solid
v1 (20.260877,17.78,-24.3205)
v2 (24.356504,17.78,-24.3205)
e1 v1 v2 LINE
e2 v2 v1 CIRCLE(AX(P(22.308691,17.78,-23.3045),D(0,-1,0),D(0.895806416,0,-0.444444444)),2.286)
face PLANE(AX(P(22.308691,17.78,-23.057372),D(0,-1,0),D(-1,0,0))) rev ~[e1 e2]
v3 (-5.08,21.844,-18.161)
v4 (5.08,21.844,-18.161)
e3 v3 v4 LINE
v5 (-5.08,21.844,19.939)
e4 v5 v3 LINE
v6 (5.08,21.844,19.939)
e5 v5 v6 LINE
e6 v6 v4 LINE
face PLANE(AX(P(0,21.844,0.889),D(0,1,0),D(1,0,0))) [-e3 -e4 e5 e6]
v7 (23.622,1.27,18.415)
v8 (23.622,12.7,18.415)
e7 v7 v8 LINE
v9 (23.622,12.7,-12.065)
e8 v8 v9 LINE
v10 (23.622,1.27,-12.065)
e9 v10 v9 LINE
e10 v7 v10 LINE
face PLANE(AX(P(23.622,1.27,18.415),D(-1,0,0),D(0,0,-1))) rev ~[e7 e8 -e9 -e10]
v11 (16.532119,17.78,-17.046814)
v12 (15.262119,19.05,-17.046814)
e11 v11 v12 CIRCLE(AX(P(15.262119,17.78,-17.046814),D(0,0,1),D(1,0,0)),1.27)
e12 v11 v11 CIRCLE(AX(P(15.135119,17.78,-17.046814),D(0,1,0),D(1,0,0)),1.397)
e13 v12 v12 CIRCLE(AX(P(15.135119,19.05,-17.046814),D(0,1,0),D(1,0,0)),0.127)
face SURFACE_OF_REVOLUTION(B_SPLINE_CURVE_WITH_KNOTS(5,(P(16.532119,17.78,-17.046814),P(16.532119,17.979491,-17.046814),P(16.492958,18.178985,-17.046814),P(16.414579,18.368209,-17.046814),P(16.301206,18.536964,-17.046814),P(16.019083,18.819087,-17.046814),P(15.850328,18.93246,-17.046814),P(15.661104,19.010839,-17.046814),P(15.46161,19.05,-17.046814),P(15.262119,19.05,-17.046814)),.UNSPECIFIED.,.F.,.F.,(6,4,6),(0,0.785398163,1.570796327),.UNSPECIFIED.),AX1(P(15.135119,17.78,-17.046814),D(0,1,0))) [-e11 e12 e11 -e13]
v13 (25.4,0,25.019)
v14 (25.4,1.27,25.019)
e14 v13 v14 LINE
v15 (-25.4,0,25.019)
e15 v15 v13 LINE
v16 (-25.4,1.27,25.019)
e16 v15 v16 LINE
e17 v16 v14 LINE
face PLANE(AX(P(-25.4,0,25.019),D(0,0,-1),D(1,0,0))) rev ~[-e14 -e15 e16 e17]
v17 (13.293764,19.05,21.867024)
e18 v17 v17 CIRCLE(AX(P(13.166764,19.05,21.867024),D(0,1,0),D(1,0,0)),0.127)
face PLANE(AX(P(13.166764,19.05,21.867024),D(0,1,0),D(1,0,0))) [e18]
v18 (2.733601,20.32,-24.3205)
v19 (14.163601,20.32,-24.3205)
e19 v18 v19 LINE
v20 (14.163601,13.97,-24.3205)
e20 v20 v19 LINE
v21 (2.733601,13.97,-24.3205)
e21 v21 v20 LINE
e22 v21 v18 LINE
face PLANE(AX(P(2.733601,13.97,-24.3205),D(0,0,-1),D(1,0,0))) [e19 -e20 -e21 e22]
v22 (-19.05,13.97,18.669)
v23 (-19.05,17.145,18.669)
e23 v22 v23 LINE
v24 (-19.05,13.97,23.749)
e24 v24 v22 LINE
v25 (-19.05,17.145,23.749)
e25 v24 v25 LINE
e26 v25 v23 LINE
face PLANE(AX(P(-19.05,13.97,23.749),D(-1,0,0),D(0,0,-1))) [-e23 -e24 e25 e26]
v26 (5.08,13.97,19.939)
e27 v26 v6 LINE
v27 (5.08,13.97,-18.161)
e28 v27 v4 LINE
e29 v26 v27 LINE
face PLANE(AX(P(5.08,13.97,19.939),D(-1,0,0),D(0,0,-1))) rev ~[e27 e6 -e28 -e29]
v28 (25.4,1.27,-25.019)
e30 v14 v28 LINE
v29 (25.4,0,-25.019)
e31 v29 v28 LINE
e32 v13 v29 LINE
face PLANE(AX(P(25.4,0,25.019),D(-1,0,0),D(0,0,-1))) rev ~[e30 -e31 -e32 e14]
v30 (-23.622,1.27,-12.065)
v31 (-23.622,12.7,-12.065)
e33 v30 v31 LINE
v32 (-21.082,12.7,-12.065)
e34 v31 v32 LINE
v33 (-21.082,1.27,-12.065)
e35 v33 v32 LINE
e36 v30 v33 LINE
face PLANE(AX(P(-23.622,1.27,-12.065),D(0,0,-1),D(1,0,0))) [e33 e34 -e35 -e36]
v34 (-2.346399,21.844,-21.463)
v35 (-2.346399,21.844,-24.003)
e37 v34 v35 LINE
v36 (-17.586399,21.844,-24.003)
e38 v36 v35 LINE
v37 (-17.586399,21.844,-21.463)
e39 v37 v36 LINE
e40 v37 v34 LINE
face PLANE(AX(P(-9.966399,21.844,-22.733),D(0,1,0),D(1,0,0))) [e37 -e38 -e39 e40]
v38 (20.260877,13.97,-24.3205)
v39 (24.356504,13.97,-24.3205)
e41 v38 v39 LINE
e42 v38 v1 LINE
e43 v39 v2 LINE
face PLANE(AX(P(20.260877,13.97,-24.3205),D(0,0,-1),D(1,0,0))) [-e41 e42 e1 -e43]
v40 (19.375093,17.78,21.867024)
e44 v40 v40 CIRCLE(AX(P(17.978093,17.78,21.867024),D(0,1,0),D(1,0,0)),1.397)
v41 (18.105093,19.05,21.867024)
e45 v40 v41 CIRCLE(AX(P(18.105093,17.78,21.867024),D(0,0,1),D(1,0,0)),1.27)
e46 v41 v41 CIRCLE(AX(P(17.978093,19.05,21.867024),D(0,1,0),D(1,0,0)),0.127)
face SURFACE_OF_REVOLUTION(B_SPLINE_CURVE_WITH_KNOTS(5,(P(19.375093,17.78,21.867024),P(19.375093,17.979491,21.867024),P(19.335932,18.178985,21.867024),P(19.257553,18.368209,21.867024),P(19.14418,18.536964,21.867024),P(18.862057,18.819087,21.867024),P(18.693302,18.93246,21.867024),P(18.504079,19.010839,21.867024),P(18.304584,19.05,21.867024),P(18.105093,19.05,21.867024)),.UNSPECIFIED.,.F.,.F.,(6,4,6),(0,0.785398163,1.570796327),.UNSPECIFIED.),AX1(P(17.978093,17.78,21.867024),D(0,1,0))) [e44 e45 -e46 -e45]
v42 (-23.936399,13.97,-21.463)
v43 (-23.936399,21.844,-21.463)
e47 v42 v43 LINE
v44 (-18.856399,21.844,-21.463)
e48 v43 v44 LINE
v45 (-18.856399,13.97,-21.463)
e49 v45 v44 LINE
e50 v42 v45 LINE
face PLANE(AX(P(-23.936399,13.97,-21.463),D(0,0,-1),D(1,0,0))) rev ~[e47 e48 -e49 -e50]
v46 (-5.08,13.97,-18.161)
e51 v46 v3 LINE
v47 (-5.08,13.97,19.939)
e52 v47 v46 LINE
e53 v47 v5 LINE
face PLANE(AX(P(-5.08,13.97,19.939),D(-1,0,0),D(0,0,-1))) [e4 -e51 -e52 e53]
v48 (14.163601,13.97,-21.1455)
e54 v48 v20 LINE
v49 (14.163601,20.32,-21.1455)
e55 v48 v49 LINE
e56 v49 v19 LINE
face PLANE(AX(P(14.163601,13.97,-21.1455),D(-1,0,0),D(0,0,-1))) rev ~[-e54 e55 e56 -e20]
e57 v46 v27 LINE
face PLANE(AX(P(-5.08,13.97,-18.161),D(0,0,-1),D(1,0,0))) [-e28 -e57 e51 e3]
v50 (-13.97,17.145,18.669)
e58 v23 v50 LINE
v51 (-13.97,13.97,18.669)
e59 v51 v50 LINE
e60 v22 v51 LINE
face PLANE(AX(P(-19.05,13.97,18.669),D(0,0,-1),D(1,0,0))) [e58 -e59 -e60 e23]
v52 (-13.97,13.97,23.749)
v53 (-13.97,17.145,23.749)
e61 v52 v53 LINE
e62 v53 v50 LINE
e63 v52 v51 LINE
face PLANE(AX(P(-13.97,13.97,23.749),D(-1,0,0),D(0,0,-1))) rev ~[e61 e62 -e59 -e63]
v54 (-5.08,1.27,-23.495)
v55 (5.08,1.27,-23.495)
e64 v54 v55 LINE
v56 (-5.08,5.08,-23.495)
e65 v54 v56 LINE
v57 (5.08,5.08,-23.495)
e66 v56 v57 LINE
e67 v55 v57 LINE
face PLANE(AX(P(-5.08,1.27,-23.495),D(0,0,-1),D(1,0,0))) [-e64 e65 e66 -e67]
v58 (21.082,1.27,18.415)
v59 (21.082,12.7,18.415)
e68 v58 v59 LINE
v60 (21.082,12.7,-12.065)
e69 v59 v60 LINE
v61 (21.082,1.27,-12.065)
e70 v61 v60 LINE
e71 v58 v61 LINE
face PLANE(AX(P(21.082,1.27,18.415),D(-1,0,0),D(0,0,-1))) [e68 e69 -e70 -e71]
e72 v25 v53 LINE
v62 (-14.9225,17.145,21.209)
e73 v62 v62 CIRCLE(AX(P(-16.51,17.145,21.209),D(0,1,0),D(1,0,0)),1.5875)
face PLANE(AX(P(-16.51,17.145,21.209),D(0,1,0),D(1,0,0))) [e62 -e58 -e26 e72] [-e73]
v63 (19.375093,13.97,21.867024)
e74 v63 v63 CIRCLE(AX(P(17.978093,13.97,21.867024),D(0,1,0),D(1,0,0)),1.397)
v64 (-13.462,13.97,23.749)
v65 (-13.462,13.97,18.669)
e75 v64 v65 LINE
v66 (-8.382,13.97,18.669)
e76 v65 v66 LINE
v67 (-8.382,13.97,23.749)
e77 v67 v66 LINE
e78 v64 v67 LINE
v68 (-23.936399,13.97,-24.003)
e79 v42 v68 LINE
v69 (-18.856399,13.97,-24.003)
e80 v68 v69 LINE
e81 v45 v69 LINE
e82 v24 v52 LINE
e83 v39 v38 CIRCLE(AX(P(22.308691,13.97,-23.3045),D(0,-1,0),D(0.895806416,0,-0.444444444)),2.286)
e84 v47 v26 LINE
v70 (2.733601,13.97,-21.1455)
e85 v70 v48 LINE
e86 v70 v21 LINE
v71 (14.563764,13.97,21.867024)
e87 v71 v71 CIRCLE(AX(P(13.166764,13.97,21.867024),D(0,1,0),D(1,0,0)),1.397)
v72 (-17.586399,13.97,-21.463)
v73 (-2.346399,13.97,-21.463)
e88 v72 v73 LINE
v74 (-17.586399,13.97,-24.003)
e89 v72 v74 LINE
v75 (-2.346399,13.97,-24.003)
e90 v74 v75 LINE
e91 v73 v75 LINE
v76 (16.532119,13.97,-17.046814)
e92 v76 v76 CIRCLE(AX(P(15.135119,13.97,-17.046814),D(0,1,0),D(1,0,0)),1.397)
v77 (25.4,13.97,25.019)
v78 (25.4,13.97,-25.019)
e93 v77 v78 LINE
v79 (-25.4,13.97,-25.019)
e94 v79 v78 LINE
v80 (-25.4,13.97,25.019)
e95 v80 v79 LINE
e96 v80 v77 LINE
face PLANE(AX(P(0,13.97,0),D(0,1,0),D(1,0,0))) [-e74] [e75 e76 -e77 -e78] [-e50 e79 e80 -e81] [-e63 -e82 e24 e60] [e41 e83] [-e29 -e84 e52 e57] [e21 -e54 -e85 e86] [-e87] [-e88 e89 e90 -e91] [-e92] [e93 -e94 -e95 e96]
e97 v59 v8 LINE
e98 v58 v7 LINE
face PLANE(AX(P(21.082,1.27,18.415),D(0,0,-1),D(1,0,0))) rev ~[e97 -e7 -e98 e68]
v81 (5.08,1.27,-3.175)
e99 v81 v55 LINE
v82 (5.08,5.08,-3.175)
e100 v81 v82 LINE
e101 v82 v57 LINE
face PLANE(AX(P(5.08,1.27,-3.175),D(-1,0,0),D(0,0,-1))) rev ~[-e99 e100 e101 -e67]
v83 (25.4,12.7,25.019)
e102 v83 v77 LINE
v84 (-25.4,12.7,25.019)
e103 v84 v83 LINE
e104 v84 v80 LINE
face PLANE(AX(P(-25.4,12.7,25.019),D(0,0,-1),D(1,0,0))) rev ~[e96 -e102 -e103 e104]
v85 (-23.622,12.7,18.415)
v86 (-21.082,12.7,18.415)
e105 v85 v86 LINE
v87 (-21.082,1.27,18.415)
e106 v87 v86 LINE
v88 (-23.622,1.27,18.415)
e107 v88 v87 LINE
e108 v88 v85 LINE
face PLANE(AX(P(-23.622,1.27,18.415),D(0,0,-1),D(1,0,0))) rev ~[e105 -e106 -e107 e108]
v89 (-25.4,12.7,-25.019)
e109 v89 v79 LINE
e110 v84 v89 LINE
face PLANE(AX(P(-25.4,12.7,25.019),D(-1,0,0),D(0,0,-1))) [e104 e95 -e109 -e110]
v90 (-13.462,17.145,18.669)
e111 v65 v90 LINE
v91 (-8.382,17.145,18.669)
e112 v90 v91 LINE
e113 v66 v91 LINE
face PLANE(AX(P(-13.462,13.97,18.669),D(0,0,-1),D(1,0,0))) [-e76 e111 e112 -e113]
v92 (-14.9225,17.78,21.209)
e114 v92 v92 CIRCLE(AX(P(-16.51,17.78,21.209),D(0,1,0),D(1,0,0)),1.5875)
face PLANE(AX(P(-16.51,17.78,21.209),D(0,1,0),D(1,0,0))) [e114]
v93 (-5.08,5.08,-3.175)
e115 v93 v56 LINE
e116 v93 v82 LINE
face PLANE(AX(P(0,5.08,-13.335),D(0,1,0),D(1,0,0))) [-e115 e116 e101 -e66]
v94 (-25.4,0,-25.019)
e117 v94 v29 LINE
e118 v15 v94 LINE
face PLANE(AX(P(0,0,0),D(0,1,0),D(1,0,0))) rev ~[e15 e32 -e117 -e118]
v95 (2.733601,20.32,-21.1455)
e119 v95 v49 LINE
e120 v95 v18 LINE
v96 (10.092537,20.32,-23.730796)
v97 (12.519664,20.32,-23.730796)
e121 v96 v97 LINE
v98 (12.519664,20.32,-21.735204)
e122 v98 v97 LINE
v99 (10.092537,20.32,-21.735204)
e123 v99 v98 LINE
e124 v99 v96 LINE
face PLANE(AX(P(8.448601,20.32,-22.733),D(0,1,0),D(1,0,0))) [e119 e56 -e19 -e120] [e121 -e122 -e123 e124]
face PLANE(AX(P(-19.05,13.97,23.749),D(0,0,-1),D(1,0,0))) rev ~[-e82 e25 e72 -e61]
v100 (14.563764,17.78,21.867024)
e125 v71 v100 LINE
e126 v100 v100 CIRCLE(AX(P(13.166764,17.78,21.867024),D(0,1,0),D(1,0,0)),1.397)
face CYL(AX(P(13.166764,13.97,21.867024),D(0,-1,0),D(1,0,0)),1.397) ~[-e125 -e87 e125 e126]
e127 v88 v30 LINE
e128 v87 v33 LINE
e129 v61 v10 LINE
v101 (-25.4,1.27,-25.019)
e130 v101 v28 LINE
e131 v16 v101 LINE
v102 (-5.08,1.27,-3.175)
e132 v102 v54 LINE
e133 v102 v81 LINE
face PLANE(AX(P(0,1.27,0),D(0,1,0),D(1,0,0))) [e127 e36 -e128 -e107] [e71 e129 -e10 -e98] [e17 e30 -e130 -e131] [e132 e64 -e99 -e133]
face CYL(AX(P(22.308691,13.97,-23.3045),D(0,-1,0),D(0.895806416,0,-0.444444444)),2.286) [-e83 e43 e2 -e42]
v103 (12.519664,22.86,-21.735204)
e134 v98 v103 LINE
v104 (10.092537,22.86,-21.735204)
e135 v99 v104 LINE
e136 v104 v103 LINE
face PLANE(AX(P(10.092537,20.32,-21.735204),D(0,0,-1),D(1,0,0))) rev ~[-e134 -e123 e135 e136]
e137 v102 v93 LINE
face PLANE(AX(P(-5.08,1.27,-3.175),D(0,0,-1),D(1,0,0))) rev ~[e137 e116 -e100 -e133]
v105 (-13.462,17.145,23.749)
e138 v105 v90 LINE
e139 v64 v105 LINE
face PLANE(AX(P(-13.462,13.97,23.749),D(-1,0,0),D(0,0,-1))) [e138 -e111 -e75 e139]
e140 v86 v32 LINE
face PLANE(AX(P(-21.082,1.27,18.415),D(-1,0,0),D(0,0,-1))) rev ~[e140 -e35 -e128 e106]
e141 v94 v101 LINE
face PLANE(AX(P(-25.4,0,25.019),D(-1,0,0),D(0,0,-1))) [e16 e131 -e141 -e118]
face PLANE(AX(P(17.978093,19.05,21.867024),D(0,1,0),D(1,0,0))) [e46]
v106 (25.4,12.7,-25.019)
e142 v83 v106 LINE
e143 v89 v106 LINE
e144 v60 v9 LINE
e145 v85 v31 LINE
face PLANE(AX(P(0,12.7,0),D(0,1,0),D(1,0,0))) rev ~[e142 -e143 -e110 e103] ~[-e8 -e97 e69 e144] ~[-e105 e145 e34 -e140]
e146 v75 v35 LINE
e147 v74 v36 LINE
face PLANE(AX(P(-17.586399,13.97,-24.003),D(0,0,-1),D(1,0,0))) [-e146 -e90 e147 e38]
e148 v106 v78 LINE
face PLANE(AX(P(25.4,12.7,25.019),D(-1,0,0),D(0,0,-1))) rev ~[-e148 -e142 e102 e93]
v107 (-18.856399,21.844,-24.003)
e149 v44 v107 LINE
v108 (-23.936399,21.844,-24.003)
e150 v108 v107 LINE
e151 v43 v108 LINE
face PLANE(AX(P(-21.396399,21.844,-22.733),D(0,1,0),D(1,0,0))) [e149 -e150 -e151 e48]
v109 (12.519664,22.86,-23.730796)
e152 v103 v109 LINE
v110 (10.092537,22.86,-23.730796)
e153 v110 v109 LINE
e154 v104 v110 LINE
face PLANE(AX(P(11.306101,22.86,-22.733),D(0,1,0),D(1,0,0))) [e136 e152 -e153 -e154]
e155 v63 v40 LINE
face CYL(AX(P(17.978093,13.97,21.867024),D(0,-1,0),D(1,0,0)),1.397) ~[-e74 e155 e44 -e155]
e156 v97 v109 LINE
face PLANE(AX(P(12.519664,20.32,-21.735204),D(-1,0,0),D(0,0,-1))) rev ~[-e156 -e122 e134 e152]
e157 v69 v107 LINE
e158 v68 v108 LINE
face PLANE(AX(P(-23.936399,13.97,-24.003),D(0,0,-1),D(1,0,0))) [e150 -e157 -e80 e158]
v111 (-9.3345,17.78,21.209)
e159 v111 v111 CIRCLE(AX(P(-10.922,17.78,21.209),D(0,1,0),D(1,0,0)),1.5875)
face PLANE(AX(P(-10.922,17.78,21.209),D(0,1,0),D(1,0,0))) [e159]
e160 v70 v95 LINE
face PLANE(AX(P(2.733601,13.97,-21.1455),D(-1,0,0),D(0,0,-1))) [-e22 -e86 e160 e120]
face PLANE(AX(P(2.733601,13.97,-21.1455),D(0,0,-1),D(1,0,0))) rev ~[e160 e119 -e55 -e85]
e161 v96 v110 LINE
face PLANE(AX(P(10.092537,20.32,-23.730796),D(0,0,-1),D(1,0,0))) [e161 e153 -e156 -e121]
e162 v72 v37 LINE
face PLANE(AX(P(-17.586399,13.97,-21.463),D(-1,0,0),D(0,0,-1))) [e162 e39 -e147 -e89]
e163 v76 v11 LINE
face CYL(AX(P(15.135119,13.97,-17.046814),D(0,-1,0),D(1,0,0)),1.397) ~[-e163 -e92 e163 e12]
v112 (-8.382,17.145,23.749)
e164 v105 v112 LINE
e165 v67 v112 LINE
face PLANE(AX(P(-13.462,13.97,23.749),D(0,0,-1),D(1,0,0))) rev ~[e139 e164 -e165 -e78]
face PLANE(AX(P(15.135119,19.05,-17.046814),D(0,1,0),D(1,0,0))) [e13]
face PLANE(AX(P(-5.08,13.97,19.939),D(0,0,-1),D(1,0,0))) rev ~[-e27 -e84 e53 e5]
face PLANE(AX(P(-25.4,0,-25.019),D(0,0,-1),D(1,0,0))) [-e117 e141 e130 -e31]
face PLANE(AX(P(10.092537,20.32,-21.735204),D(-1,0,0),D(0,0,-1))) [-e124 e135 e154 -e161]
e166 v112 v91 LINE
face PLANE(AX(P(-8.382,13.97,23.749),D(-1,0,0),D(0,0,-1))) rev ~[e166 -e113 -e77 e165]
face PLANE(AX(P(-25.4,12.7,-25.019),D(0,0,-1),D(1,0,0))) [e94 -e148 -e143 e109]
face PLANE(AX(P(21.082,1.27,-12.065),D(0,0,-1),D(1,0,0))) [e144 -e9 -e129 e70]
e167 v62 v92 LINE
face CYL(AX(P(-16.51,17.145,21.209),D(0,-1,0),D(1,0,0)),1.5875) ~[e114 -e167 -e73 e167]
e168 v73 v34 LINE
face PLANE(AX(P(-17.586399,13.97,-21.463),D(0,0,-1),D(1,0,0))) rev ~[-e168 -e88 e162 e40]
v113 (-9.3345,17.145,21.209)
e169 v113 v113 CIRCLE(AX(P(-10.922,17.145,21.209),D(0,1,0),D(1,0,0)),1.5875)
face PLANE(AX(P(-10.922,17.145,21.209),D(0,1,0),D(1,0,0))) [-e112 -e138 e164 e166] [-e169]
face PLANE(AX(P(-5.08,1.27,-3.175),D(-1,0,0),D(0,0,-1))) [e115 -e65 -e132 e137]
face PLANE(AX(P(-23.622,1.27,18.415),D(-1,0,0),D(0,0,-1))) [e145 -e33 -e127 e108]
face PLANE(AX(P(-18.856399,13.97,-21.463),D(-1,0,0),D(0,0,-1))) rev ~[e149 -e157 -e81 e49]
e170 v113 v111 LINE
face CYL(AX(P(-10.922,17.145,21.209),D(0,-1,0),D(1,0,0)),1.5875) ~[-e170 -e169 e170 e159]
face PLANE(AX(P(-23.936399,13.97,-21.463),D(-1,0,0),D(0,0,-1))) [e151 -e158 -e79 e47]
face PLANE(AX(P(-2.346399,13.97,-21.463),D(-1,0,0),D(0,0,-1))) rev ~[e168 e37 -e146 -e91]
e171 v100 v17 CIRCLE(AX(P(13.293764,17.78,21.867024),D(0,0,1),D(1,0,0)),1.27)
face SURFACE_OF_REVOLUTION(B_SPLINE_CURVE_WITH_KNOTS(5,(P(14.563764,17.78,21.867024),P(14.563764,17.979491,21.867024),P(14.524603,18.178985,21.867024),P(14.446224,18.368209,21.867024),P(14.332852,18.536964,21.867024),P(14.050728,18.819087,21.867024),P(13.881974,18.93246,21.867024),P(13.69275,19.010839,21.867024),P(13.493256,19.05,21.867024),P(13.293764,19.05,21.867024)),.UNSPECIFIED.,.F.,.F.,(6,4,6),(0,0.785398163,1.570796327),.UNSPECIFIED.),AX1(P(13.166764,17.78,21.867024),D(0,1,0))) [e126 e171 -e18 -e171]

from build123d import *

# Parameters (mm, degrees)
SKETCH1_W            = 50.8
SKETCH1_H            = 50.038
BOSS_EXTRUDE1_DEPTH  = 1.27
SKETCH2_W            = 2.54
SKETCH2_H            = 30.48
BOSS_EXTRUDE2_DEPTH  = 11.43
SKETCH3_W            = 10.16
SKETCH3_H            = 20.32
BOSS_EXTRUDE3_DEPTH  = 3.81
SKETCH4_W            = 50.8
SKETCH4_H            = 50.038
BOSS_EXTRUDE4_DEPTH  = 1.27
SKETCH5_W            = 10.16
SKETCH5_H            = 38.1
SKETCH5_W_2          = 5.08
SKETCH5_H_2          = 2.54
SKETCH5_W_3          = 15.24
BOSS_EXTRUDE5_DEPTH  = 7.874
SKETCH5_3_W          = 5.08
SKETCH5_3_H          = 5.08
BOSS_EXTRUDE6_DEPTH  = 3.175
SKETCH5_4_R          = 1.397
BOSS_EXTRUDE7_DEPTH  = 5.08
SKETCH5_5_W          = 11.43
SKETCH5_5_H          = 3.175
BOSS_EXTRUDE8_DEPTH  = 6.35
BOSS_EXTRUDE9_DEPTH  = 3.81
FILLET1_R            = 1.27
SKETCH8_R            = 1.5875
BOSS_EXTRUDE10_DEPTH = 0.635
SKETCH9_W            = 2.427127008
SKETCH9_H            = 1.995592696
BOSS_EXTRUDE11_DEPTH = 2.54


with BuildPart() as part:
    # Sketch1 → Boss-Extrude1 (new body)
    with BuildSketch(Plane(origin=(0, 0, 0), x_dir=(1, 0, 0), z_dir=(0, 1, 0))):
        Rectangle(SKETCH1_W, SKETCH1_H)
    extrude(amount=BOSS_EXTRUDE1_DEPTH)

    # Sketch2 → Boss-Extrude2 (add)
    with BuildSketch(Plane(origin=(0, 1.27, 0), x_dir=(1, 0, 0), z_dir=(0, 1, 0))):
        with Locations((-22.352, -3.175)):
            Rectangle(SKETCH2_W, SKETCH2_H)
        with Locations((22.352, -3.175)):
            Rectangle(SKETCH2_W, SKETCH2_H)
    extrude(amount=BOSS_EXTRUDE2_DEPTH)

    # Sketch3 → Boss-Extrude3 (add)
    with BuildSketch(Plane(origin=(0, 1.27, 0), x_dir=(1, 0, 0), z_dir=(0, 1, 0))):
        with Locations((0, 13.335)):
            Rectangle(SKETCH3_W, SKETCH3_H)
    extrude(amount=BOSS_EXTRUDE3_DEPTH)

    # Sketch4 → Boss-Extrude4 (add)
    with BuildSketch(Plane(origin=(0, 12.7, 0), x_dir=(1, 0, 0), z_dir=(0, 1, 0))):
        Rectangle(SKETCH4_W, SKETCH4_H)
    extrude(amount=BOSS_EXTRUDE4_DEPTH)

    # Sketch5 → Boss-Extrude5 (add)
    with BuildSketch(Plane(origin=(0, 13.97, 0), x_dir=(1, 0, 0), z_dir=(0, 1, 0))):
        with Locations((0, -0.889)):
            Rectangle(SKETCH5_W, SKETCH5_H)
        with Locations((-21.396399328, 22.733)):
            Rectangle(SKETCH5_W_2, SKETCH5_H_2)
        with Locations((-9.966399328, 22.733)):
            Rectangle(SKETCH5_W_3, SKETCH5_H_2)
    extrude(amount=BOSS_EXTRUDE5_DEPTH)

    # Sketch5<3> → Boss-Extrude6 (add)
    with BuildSketch(Plane(origin=(0, 13.97, 0), x_dir=(1, 0, 0), z_dir=(0, 1, 0))):
        with Locations((-10.922, -21.209)):
            Rectangle(SKETCH5_3_W, SKETCH5_3_H)
        with Locations((-16.51, -21.209)):
            Rectangle(SKETCH5_3_W, SKETCH5_3_H)
    extrude(amount=BOSS_EXTRUDE6_DEPTH)

    # Sketch5<4> → Boss-Extrude7 (add)
    with BuildSketch(Plane(origin=(0, 13.97, 0), x_dir=(1, 0, 0), z_dir=(0, 1, 0))):
        with Locations((13.16676441, -21.867024383)):
            Circle(SKETCH5_4_R)
        with Locations((17.978093258, -21.867024383)):
            Circle(SKETCH5_4_R)
        with Locations((15.135118943, 17.046813881)):
            Circle(SKETCH5_4_R)
    extrude(amount=BOSS_EXTRUDE7_DEPTH)

    # Sketch5<5> → Boss-Extrude8 (add)
    with BuildSketch(Plane(origin=(0, 13.97, 0), x_dir=(1, 0, 0), z_dir=(0, 1, 0))):
        with Locations((8.448600672, 22.733)):
            Rectangle(SKETCH5_5_W, SKETCH5_5_H)
    extrude(amount=BOSS_EXTRUDE8_DEPTH)

    # Sketch5<6> → Boss-Extrude9 (add)
    with BuildSketch(Plane(origin=(0, 13.97, 0), x_dir=(1, 0, 0), z_dir=(0, 1, 0))):
        with BuildLine():
            Line((20.260877265, 24.3205), (24.356504201, 24.3205))
            ThreePointArc((24.356504201, 24.3205), (22.308690733, 21.0185), (20.260877265, 24.3205))
        make_face()
    extrude(amount=BOSS_EXTRUDE9_DEPTH)

    # Fillet1
    fillet1_edges = [part.edges().sort_by_distance(p)[0] for p in [
        (16.581093258, 19.05, 21.867024383),
        (11.76976441, 19.05, 21.867024383),
        (13.738118943, 19.05, -17.046813881),
    ]]
    fillet(fillet1_edges, radius=FILLET1_R)

    # Sketch8 → Boss-Extrude10 (add)
    with BuildSketch(Plane(origin=(0, 17.145, 0), x_dir=(1, 0, 0), z_dir=(0, 1, 0))):
        with Locations((-16.51, -21.209)):
            Circle(SKETCH8_R)
        with Locations((-10.922, -21.209)):
            Circle(SKETCH8_R)
    extrude(amount=BOSS_EXTRUDE10_DEPTH)

    # Sketch9 → Boss-Extrude11 (add)
    with BuildSketch(Plane(origin=(0, 20.32, 0), x_dir=(1, 0, 0), z_dir=(0, 1, 0))):
        with Locations((11.306100672, 22.733)):
            Rectangle(SKETCH9_W, SKETCH9_H)
    extrude(amount=BOSS_EXTRUDE11_DEPTH)


solid = part.part
